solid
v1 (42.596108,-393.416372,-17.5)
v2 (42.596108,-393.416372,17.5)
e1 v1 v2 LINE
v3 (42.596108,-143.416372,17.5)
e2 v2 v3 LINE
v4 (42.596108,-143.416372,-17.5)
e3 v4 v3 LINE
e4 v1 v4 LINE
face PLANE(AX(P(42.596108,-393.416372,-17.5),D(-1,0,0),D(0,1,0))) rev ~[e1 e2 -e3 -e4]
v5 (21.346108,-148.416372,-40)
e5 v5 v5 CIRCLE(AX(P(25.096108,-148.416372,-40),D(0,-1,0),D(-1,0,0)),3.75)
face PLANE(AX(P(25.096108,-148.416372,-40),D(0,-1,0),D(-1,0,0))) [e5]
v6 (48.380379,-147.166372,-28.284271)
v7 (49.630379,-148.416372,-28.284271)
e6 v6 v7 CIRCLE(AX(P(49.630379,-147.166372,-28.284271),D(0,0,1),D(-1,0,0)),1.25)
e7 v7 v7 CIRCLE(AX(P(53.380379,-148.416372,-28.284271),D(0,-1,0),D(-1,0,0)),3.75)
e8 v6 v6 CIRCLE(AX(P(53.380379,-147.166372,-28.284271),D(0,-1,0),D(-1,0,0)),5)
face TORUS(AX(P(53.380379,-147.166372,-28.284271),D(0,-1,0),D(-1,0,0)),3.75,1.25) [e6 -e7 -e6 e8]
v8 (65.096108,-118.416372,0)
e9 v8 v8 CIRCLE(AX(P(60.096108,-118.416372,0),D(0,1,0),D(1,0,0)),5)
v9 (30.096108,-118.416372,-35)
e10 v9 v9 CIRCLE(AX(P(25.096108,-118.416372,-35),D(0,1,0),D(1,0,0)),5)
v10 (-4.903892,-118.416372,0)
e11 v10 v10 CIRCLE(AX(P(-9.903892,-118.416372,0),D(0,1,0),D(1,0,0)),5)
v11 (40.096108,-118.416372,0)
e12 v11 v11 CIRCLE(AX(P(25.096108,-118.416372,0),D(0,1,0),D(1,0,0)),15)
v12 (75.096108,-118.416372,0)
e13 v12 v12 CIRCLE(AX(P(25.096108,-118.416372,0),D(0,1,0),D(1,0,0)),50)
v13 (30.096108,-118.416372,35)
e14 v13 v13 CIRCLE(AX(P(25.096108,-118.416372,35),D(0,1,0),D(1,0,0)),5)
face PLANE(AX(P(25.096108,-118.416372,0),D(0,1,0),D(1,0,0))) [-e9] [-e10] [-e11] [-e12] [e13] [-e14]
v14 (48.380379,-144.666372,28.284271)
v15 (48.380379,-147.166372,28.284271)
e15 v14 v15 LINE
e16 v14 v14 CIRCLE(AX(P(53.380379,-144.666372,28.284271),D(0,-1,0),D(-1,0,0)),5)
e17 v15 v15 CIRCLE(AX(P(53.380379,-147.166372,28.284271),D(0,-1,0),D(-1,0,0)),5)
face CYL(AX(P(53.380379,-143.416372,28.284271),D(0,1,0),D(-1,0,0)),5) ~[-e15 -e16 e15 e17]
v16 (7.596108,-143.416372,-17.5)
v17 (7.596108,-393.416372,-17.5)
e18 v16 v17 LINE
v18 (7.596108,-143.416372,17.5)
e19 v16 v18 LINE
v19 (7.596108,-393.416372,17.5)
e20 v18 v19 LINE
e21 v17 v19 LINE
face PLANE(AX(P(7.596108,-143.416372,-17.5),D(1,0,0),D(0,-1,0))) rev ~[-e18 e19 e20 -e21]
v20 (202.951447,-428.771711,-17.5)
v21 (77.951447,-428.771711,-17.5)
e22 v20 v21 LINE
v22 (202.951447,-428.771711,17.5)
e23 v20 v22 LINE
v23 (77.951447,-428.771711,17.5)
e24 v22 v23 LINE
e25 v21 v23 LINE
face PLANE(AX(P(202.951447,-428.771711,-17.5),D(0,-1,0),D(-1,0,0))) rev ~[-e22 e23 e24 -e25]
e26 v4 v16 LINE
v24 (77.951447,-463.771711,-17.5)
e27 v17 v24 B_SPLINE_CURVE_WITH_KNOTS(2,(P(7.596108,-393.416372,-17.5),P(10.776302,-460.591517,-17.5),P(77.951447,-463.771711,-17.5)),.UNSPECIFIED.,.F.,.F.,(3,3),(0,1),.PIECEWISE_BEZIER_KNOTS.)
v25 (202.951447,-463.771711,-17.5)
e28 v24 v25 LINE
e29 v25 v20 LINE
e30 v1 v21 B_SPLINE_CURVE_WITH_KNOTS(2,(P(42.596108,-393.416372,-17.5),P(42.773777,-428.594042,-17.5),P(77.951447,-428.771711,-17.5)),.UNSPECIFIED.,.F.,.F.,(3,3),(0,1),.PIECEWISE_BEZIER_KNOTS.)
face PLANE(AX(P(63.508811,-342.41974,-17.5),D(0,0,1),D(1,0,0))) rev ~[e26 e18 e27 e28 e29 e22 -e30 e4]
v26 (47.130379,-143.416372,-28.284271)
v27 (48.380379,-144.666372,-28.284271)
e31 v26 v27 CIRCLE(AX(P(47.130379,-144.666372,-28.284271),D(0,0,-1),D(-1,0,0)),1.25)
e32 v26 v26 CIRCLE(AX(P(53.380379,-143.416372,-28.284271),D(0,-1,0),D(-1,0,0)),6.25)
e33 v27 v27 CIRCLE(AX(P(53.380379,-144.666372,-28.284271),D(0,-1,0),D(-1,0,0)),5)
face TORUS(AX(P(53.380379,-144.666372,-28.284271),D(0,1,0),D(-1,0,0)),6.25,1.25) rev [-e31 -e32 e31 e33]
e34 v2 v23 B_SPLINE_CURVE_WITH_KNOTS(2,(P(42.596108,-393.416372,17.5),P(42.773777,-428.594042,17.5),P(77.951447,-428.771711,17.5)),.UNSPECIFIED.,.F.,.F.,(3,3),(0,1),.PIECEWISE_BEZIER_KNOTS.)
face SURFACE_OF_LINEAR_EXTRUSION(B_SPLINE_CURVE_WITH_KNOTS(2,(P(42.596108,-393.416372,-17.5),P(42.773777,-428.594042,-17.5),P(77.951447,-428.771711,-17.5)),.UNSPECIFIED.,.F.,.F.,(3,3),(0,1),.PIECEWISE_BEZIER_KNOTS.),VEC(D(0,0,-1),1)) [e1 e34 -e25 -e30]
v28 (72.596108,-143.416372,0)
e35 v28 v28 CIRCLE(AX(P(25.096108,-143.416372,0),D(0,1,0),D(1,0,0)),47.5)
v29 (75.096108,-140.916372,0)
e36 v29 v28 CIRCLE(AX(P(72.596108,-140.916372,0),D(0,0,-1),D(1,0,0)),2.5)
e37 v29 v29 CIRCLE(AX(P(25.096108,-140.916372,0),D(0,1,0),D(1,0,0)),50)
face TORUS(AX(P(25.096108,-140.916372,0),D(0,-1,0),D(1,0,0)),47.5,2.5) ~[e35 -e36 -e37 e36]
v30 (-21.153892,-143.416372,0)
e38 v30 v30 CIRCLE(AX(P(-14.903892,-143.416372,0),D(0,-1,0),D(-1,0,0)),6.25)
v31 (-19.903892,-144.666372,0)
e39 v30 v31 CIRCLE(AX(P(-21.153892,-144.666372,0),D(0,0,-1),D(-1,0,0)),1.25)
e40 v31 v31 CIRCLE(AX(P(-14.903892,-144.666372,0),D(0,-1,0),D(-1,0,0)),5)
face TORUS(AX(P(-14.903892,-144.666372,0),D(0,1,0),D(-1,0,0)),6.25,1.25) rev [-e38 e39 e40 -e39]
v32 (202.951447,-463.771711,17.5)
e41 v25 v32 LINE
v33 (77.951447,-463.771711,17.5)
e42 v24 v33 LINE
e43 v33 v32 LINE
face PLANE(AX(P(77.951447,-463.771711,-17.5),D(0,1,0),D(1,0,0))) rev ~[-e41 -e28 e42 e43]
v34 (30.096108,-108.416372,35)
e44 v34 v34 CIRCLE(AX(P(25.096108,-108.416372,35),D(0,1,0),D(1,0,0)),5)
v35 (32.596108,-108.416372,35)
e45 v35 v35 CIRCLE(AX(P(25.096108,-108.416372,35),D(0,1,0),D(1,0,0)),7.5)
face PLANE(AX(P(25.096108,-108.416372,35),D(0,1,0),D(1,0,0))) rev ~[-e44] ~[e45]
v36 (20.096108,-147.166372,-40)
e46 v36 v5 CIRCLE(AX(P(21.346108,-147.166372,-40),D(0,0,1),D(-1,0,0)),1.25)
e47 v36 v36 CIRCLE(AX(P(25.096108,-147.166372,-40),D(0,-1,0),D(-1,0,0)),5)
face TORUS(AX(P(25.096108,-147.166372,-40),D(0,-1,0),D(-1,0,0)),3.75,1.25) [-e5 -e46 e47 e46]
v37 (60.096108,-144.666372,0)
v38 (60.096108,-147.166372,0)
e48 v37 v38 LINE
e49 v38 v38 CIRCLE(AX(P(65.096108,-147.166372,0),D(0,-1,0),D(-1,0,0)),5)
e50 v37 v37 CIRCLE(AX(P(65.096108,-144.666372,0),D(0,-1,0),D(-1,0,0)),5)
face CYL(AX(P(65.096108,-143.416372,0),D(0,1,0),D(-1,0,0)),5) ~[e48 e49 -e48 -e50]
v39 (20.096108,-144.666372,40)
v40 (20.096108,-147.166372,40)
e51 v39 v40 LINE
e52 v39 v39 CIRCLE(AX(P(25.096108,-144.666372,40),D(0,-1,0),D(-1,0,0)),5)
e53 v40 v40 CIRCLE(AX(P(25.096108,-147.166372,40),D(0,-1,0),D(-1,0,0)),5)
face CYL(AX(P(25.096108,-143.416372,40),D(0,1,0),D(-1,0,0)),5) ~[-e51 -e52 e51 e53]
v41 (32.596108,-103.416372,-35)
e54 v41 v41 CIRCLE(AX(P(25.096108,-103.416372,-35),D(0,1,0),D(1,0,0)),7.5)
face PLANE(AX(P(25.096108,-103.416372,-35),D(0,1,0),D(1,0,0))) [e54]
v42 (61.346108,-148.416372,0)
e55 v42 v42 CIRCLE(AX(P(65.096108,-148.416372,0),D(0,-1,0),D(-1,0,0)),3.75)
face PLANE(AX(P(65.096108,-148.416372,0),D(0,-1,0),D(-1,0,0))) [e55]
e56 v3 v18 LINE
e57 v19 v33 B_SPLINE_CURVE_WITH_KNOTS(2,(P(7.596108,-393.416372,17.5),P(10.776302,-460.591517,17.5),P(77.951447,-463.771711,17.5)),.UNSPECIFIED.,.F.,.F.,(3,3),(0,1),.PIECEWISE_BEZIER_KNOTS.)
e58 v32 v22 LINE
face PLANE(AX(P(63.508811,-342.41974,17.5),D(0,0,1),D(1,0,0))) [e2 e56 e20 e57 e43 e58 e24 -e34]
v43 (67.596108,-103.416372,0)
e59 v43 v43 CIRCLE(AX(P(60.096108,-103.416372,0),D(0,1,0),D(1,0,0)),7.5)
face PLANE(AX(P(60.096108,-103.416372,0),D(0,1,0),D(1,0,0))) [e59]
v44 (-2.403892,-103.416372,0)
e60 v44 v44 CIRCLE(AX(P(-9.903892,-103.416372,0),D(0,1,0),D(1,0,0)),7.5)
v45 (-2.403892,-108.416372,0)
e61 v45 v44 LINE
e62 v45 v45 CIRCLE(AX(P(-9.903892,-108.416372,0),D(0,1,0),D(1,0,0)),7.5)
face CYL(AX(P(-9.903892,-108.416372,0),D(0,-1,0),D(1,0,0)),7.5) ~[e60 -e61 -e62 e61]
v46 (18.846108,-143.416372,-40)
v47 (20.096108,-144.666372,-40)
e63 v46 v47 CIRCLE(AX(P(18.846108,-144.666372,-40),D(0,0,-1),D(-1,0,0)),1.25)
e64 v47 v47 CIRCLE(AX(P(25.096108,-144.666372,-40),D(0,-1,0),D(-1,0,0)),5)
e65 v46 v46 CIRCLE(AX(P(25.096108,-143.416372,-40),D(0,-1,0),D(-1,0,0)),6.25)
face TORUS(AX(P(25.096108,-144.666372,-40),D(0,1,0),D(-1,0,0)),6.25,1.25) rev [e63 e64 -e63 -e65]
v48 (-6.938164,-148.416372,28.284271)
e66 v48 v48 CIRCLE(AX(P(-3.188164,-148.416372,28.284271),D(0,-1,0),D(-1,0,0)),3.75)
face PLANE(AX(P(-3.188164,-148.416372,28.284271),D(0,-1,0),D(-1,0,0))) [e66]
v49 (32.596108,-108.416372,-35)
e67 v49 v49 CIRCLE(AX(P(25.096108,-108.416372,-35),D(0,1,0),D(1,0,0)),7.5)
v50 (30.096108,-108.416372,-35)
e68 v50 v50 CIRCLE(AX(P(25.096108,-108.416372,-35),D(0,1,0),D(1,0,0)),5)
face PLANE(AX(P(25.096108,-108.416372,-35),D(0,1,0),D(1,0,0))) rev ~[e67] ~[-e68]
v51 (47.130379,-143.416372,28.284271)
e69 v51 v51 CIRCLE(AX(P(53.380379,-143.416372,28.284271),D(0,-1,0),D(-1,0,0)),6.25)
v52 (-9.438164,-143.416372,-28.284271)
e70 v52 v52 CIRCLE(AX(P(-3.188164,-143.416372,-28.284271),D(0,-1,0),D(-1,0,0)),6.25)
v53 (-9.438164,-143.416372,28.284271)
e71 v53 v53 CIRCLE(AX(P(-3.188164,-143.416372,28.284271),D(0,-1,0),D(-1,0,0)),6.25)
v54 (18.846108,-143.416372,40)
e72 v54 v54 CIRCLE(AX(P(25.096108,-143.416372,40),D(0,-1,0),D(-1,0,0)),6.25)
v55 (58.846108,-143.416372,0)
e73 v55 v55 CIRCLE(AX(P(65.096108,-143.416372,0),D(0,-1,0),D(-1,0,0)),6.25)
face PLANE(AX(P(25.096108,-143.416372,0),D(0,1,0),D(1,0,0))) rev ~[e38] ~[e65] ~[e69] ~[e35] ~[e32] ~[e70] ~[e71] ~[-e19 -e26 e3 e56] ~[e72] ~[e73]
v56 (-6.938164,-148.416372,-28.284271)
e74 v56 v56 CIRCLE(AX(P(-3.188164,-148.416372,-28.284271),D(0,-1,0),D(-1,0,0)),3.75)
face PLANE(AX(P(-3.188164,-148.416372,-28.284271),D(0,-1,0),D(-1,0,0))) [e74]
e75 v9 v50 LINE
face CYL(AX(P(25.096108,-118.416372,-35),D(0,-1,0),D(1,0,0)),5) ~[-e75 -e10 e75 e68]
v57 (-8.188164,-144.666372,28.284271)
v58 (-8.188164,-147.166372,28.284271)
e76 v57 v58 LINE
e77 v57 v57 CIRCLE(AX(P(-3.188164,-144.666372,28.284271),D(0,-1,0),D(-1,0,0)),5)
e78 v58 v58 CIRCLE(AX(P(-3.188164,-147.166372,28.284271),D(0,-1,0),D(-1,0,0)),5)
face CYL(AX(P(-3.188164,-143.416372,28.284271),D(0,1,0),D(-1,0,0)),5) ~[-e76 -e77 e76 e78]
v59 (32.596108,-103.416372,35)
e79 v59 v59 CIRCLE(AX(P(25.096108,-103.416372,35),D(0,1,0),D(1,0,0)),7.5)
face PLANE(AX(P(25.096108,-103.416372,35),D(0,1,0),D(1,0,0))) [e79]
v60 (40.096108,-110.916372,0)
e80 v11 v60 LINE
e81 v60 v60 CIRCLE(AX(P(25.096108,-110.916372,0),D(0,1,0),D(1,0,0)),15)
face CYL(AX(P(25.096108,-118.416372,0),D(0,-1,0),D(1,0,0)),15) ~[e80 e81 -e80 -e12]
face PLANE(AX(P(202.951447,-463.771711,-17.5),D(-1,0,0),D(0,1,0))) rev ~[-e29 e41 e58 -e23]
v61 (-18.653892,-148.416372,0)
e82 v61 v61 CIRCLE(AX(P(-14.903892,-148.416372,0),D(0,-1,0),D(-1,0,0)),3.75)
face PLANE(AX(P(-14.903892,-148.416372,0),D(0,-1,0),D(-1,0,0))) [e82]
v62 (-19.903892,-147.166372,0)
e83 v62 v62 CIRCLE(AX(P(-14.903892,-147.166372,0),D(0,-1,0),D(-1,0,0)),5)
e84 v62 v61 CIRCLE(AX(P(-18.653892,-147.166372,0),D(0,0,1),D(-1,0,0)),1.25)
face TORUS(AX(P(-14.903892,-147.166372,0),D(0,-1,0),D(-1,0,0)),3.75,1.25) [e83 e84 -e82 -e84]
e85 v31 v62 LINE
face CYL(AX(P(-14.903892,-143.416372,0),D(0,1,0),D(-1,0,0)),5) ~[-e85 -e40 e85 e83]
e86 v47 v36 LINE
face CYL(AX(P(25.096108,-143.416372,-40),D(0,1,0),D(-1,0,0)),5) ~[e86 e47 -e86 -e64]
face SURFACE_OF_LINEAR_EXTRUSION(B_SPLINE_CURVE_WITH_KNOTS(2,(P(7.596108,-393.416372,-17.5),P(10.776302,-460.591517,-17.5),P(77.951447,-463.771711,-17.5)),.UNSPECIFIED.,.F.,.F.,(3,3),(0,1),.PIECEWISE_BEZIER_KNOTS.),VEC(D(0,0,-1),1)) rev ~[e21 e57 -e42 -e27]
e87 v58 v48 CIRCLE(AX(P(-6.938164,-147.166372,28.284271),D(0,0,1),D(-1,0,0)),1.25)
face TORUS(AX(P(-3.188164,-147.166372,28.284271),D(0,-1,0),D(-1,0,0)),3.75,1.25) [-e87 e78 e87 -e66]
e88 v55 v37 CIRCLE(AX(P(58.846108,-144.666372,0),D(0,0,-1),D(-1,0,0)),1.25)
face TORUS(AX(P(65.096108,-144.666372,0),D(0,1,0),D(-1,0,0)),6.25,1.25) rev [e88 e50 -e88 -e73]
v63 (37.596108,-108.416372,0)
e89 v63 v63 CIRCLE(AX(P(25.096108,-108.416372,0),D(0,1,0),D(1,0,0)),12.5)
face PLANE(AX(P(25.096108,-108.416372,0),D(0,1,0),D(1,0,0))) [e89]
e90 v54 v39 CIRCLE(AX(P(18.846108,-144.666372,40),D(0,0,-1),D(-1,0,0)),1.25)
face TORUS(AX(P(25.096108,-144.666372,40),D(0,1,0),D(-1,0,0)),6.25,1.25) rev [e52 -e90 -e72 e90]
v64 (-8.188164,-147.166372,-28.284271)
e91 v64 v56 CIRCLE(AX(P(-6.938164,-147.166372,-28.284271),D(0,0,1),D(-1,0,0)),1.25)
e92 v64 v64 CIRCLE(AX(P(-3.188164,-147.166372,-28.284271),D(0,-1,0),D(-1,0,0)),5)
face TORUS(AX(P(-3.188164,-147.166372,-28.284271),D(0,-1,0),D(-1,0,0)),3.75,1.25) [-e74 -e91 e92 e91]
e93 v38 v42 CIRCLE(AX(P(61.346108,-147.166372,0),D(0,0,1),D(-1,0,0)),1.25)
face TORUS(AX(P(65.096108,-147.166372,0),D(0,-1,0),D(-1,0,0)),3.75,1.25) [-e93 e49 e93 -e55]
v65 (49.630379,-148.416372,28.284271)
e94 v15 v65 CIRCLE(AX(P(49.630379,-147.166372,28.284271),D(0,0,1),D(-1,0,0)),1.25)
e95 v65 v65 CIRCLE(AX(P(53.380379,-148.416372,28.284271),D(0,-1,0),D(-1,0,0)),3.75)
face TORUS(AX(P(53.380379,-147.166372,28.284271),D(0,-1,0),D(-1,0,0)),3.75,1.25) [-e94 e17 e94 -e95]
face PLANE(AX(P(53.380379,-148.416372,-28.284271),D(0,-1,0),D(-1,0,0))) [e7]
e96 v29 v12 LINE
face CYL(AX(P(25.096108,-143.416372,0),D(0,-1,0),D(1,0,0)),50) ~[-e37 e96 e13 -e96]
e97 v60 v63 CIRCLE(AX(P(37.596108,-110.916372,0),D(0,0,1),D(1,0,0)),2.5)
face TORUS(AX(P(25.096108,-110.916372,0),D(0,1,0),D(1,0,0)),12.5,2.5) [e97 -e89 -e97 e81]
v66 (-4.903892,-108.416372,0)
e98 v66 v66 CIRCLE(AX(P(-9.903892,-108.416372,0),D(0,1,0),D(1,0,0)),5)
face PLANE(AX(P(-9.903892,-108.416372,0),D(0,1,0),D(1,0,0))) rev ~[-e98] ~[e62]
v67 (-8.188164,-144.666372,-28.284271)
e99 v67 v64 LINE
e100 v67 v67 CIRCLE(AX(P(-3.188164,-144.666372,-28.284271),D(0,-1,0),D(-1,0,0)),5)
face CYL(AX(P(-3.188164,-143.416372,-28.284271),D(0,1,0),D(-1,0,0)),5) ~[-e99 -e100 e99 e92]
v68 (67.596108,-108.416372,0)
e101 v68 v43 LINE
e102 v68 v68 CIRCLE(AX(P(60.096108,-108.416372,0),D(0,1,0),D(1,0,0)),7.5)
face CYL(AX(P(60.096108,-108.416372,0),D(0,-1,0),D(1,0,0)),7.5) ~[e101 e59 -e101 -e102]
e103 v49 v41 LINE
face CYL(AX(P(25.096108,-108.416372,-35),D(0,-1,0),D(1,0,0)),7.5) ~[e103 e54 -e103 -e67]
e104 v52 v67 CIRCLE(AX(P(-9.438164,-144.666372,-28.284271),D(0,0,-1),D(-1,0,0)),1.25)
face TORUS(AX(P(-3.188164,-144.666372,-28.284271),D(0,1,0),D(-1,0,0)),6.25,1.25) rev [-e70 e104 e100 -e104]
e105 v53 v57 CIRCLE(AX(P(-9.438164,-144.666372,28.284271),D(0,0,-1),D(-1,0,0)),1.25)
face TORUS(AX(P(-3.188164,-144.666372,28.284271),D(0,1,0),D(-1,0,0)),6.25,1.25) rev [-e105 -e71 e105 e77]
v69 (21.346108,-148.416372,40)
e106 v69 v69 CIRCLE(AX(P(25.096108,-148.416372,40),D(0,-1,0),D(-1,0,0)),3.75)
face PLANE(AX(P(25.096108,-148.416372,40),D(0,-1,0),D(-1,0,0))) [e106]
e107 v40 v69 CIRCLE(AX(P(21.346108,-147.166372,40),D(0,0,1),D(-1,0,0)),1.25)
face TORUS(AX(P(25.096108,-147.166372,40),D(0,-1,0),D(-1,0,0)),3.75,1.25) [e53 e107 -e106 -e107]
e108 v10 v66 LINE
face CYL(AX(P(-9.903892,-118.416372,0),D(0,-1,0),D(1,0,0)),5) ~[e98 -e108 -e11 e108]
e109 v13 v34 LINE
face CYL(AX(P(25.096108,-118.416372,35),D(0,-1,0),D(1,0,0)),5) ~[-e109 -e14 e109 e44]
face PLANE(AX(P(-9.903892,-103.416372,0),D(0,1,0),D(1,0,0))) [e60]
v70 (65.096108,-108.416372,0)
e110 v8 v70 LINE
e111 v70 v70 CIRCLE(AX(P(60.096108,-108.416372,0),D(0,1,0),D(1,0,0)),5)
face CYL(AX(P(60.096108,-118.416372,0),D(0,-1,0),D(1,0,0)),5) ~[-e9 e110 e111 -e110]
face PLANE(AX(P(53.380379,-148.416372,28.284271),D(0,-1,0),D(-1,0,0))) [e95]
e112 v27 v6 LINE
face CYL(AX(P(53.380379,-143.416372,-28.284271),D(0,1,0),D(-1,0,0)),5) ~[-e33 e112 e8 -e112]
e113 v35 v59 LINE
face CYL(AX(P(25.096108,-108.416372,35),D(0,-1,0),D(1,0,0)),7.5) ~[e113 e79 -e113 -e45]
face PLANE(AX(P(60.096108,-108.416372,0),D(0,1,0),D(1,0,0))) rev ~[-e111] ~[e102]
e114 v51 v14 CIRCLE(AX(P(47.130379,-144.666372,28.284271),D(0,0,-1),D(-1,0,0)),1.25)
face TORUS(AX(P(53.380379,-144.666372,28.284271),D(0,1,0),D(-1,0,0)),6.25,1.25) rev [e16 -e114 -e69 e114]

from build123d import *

# Parameters (mm, degrees)
SKETCH1_R                = 100
BOSS_EXTRUDE1_DEPTH      = 50
SKETCH2_R                = 30
SKETCH2_R_2              = 10
BOSS_EXTRUDE2_DEPTH      = 20
F_3DSKETCH1_R            = 15
BOSS_EXTRUDE3_DEPTH      = 10
FILLET1_R                = 5
SKETCH3_R                = 10
BOSS_EXTRUDE4_DEPTH      = 10
FILLET2_R                = 5
FILLET3_R                = 2.5
BOSS_EXTRUDE7_DEPTH      = 35
BOSS_EXTRUDE7_DEPTH_BACK = 35
SCALE1_SCALE             = 0.5


with BuildPart() as part:
    # Sketch1 → Boss-Extrude1 (new body)
    with BuildSketch(Plane(origin=(0, 0, 0), x_dir=(1, 0, 0), z_dir=(0, 1, 0))):
        Circle(SKETCH1_R)
    extrude(amount=BOSS_EXTRUDE1_DEPTH)

    # Sketch2 → Boss-Extrude2 (add)
    with BuildSketch(Plane(origin=(0, 50, 0), x_dir=(1, 0, 0), z_dir=(0, 1, 0))):
        Circle(SKETCH2_R)
        with Locations((0, 70)):
            Circle(SKETCH2_R_2)
        with Locations((70, 0)):
            Circle(SKETCH2_R_2)
        with Locations((0, -70)):
            Circle(SKETCH2_R_2)
        with Locations((-70, 0)):
            Circle(SKETCH2_R_2)
    extrude(amount=BOSS_EXTRUDE2_DEPTH)

    # 3DSketch1 → Boss-Extrude3 (add)
    with BuildSketch(Plane(origin=(-70, 70, 0), x_dir=(1, 0, 0), z_dir=(0, 1, 0))):
        Circle(F_3DSKETCH1_R)
        with Locations((140, 0)):
            Circle(F_3DSKETCH1_R)
        with Locations((70, 70)):
            Circle(F_3DSKETCH1_R)
        with Locations((70, -70)):
            Circle(F_3DSKETCH1_R)
    extrude(amount=BOSS_EXTRUDE3_DEPTH)

    # Fillet1
    fillet1_edges = [part.edges().sort_by_distance(p)[0] for p in [
        (-30, 70, 0),
    ]]
    fillet(fillet1_edges, radius=FILLET1_R)

    # Sketch3 → Boss-Extrude4 (add)
    with BuildSketch(Plane(origin=(0, 0, 0), x_dir=(-1, 0, 0), z_dir=(0, -1, 0))):
        with Locations((0, 80)):
            Circle(SKETCH3_R)
        with Locations((56.568542495, 56.568542495)):
            Circle(SKETCH3_R)
        with Locations((80, 0)):
            Circle(SKETCH3_R)
        with Locations((56.568542495, -56.568542495)):
            Circle(SKETCH3_R)
        with Locations((0, -80)):
            Circle(SKETCH3_R)
        with Locations((-56.568542495, -56.568542495)):
            Circle(SKETCH3_R)
        with Locations((-80, 0)):
            Circle(SKETCH3_R)
        with Locations((-56.568542495, 56.568542495)):
            Circle(SKETCH3_R)
    extrude(amount=BOSS_EXTRUDE4_DEPTH)

    # Fillet2
    fillet2_edges = [part.edges().sort_by_distance(p)[0] for p in [
        (-100, 0, 0),
    ]]
    fillet(fillet2_edges, radius=FILLET2_R)

    # Fillet3
    fillet3_edges = [part.edges().sort_by_distance(p)[0] for p in [
        (-70, -10, 0),
        (-46.568542495, -10, 56.568542495),
        (10, -10, 80),
        (90, -10, 0),
        (-46.568542495, -10, -56.568542495),
        (10, -10, -80),
        (66.568542495, -10, -56.568542495),
        (10, 0, -80),
        (-46.568542495, 0, -56.568542495),
        (-70, 0, 0),
        (-46.568542495, 0, 56.568542495),
        (10, 0, 80),
        (66.568542495, 0, 56.568542495),
        (90, 0, 0),
        (66.568542495, 0, -56.568542495),
        (66.568542495, -10, 56.568542495),
    ]]
    fillet(fillet3_edges, radius=FILLET3_R)

    # Sketch8 → Boss-Extrude7 (add, two sides: drawn at the far end of the back side and taken through both)
    with BuildSketch(Plane.XY.offset(-BOSS_EXTRUDE7_DEPTH_BACK)):
        with BuildLine():
            Line((0, 0), (-35, 0))
            Line((-35, 0), (-35, -500))
            add(Edge.make_bspline(
                [(-35, -500), (-28.639610307, -634.350288425), (105.710678119, -640.710678119)],
                knots=[0, 0, 0, 1, 1, 1], degree=2))
            Line((105.710678119, -640.710678119), (355.710678119, -640.710678119))
            Line((355.710678119, -640.710678119), (355.710678119, -570.710678119))
            Line((355.710678119, -570.710678119), (105.710678119, -570.710678119))
            add(Edge.make_bspline(
                [(35, -500), (35.355339059, -570.355339059), (105.710678119, -570.710678119)],
                knots=[0, 0, 0, 1, 1, 1], degree=2))
            Line((35, -500), (35, 0))
            Line((35, 0), (0, 0))
        make_face()
    extrude(amount=BOSS_EXTRUDE7_DEPTH + BOSS_EXTRUDE7_DEPTH_BACK)


with BuildPart() as part_1:
    # Scale1: scaled about (50.19221528, -286.832744654, 0)
    add(part.part.scale(SCALE1_SCALE).moved(Location((25.09610764, -143.416372327, 0))))


solid = part_1.part
